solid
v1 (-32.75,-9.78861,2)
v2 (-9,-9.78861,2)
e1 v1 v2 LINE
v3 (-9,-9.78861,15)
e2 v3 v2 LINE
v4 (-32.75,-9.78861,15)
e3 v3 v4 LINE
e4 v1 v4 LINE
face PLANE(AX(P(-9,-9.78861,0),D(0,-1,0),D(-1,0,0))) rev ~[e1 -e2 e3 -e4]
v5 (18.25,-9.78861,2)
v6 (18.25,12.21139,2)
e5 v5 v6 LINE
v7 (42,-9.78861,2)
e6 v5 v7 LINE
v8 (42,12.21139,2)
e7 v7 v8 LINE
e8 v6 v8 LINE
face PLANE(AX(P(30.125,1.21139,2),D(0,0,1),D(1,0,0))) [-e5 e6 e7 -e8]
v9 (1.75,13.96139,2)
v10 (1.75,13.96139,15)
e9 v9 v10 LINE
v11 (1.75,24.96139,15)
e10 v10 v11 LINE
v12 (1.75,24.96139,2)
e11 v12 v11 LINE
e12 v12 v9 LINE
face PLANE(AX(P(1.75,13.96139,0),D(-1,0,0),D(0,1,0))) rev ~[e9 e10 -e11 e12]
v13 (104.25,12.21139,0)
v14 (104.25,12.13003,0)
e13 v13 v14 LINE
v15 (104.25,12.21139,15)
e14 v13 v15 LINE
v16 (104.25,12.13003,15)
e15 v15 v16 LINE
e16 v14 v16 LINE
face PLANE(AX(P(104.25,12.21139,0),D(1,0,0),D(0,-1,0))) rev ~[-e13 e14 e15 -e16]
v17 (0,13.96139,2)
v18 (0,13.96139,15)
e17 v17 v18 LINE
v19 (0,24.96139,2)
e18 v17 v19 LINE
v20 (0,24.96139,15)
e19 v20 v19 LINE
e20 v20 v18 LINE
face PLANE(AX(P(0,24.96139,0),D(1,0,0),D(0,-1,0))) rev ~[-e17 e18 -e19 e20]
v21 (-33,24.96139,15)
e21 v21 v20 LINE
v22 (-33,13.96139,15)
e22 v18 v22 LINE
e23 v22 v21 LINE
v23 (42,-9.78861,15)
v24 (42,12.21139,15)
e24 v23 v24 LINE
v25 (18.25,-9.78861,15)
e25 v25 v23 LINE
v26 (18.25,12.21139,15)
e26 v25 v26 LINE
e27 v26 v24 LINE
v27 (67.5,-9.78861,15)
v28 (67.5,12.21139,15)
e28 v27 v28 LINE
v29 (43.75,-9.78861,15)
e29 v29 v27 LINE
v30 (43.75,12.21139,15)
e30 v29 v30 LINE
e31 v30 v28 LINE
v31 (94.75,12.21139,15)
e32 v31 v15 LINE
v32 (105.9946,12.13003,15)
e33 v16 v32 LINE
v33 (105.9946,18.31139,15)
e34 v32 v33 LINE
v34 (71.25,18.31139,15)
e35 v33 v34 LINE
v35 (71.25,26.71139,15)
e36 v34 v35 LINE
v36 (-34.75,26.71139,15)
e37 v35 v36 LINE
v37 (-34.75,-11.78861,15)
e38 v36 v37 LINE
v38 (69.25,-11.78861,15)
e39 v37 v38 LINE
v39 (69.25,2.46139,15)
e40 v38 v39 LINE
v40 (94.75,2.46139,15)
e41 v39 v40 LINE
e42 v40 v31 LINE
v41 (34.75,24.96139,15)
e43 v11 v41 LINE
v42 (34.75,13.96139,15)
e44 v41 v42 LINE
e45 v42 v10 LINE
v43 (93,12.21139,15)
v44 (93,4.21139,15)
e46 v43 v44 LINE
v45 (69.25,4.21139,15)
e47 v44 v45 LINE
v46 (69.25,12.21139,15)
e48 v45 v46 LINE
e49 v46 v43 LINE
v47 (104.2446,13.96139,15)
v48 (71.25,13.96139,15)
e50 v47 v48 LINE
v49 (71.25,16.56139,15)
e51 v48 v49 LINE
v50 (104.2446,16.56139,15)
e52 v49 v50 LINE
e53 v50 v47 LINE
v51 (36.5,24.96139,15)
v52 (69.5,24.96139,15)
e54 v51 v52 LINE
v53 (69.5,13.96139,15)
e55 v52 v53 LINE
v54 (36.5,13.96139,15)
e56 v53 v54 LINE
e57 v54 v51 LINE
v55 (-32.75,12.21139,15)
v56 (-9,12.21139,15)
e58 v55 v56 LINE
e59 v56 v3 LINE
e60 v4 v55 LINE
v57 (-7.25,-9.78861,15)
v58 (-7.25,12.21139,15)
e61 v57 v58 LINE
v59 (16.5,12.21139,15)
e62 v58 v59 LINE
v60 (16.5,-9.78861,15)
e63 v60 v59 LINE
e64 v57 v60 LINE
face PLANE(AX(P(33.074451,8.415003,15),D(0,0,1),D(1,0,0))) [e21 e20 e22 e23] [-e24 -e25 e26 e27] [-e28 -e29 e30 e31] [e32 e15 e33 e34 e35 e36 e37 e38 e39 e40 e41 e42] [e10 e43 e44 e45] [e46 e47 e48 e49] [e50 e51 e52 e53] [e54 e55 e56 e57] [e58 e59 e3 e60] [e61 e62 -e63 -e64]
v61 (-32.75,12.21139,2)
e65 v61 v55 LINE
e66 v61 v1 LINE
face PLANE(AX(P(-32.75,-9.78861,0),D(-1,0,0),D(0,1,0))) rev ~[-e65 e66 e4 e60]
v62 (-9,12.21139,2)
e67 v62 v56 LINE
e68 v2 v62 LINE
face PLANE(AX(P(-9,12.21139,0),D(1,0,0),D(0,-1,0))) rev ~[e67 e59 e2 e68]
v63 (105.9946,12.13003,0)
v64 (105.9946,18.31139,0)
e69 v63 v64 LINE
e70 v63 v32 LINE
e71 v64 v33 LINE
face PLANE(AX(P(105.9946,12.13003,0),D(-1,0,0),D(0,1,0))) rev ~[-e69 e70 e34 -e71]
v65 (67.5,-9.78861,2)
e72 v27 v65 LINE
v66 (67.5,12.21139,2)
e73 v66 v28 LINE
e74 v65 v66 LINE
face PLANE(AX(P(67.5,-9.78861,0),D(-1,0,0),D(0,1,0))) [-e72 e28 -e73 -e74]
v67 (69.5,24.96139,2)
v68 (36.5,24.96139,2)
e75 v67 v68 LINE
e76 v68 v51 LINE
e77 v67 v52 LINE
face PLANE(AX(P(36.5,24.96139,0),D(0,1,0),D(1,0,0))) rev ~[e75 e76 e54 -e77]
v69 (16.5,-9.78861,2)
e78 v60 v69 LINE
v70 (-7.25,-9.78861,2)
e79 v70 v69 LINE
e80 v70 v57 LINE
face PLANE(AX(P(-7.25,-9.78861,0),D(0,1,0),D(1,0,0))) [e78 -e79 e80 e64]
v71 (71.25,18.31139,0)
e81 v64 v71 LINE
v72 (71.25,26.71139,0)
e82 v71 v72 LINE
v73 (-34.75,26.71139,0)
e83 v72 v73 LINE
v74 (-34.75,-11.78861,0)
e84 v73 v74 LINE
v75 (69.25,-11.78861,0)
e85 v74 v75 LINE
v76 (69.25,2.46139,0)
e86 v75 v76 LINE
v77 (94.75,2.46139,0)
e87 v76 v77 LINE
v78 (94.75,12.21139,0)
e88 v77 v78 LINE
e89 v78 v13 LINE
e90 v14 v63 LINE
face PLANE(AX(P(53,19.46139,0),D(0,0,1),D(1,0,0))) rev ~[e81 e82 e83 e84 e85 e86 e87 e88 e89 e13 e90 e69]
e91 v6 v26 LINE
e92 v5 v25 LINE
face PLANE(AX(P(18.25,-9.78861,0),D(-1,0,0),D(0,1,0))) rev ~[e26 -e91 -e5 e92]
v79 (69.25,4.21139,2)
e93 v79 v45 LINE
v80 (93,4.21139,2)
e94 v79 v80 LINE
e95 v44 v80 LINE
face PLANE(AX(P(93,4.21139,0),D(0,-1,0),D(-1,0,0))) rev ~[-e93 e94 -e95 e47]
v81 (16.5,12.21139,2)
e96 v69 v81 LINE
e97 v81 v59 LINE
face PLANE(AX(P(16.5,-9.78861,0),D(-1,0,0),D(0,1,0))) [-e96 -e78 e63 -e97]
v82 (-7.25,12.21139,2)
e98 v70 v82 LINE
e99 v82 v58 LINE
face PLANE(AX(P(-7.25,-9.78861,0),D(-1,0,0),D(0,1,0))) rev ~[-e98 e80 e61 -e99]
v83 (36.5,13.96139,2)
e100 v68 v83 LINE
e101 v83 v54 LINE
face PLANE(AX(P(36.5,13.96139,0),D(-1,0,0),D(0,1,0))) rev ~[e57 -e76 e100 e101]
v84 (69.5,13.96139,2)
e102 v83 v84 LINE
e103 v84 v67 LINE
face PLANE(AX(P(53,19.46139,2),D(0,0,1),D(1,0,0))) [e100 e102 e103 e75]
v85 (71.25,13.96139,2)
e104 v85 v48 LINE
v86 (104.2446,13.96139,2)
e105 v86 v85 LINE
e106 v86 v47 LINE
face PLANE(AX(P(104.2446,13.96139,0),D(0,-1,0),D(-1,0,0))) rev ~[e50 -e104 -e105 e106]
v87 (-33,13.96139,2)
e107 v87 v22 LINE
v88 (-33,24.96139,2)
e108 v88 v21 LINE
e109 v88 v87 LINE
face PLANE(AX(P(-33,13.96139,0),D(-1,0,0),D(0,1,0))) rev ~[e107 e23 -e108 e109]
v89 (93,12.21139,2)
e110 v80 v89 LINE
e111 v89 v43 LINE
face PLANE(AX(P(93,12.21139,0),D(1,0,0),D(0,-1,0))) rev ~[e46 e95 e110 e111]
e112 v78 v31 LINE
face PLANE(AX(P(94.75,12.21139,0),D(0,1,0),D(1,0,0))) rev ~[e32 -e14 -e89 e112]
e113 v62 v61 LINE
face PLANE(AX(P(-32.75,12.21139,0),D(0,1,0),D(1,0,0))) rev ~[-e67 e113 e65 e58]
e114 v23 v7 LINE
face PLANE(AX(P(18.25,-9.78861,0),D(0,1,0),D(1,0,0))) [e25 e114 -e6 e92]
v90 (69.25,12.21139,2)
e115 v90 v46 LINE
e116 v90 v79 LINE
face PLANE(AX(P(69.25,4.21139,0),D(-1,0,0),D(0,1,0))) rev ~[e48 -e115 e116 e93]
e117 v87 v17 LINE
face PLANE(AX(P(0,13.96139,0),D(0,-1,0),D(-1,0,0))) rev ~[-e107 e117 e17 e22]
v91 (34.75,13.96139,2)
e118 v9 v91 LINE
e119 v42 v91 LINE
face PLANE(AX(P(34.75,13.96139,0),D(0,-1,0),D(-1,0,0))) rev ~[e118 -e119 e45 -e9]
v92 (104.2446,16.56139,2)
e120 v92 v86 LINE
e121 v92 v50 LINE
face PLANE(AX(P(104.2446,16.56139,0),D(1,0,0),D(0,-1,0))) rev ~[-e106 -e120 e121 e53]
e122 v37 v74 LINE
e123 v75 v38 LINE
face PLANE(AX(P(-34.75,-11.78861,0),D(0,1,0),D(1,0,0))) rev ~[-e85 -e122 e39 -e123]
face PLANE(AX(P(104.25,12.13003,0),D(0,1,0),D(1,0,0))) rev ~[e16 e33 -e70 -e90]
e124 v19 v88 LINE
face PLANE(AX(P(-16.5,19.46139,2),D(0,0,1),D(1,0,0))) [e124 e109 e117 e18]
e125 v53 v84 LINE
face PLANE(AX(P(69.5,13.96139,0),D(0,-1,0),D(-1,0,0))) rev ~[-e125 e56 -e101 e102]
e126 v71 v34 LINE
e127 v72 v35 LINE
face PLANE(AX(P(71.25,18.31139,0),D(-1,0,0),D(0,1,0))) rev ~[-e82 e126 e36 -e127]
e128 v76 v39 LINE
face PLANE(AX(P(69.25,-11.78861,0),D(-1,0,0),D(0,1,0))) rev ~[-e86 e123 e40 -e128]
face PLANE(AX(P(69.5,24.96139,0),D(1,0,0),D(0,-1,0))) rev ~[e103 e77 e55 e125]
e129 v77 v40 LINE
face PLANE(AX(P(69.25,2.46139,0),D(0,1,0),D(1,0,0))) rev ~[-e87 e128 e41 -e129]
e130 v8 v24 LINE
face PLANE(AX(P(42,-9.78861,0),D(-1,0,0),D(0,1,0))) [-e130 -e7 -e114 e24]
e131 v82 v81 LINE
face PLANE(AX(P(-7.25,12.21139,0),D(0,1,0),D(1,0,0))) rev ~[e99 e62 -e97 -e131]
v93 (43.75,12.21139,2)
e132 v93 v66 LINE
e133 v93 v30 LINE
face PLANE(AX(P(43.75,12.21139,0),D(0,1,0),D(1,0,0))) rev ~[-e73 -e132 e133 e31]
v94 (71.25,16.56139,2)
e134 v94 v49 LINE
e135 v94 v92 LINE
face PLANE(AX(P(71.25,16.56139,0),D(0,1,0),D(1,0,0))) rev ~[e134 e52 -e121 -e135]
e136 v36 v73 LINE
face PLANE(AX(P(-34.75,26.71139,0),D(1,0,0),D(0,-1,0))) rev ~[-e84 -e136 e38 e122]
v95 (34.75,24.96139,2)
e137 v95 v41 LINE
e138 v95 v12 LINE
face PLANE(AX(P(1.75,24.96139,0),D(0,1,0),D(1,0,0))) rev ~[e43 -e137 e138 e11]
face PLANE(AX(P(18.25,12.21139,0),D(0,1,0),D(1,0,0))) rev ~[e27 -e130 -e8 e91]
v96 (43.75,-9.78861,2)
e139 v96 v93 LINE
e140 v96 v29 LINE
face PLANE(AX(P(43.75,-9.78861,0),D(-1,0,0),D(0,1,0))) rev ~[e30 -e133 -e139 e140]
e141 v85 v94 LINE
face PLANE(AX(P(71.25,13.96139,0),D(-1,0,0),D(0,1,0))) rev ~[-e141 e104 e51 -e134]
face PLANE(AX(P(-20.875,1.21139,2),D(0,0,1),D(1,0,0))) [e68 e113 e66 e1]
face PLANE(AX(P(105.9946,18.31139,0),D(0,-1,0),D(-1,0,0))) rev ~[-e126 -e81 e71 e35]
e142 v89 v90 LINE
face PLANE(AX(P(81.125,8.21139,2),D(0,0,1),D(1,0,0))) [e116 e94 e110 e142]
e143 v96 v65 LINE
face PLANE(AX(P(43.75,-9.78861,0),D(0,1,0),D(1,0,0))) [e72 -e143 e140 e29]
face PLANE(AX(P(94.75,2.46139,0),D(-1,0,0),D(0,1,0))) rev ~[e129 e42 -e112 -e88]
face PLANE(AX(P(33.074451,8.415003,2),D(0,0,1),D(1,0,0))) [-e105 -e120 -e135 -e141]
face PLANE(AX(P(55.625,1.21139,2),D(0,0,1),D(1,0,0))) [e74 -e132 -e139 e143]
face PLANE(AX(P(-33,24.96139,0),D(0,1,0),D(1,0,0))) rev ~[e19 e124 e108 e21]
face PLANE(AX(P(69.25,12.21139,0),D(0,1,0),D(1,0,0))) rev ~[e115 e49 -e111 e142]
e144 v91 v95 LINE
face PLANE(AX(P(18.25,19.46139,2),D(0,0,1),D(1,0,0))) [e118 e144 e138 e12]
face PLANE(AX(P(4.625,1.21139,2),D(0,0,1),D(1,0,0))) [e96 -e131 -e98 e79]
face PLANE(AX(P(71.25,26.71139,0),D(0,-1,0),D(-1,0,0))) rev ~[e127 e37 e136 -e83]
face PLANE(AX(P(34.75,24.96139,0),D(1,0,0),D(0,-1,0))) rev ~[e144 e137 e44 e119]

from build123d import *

# Parameters (mm, degrees)
F0_W     = 23.75
F0_H     = 22
F1_DEPTH = 15
F2_DEPTH = 2
F3_DEPTH = 2


with BuildPart() as f1:
    # F0 (on Top) → F1 (new body)
    with BuildSketch(Plane.XY):
        Polygon((-34.75, -9.78861), (-34.75, -11.78861), (69.25, -11.78861), (69.25, 2.46139), (94.75, 2.46139), (94.75, 12.21139), (104.25, 12.21139), (104.25, 12.13003), (105.9946, 12.13003), (105.9946, 18.31139), (104.25, 18.31139), (71.25, 18.31139), (71.25, 24.96139), (71.25, 26.71139), (-26.958708, 26.71139), (-34.75, 26.71139), (-34.75, 24.96139), (-34.75, 13.96139), (-34.75, 12.21139), align=None)
        Polygon((-32.75, -9.78861), (-32.75, 12.21139), (-19.336179, 12.21139), (-9, 12.21139), (-9, -9.78861), (-19.336179, -9.78861), align=None, mode=Mode.SUBTRACT)
        with Locations((4.625, 1.21139)):
            Rectangle(F0_W, F0_H, mode=Mode.SUBTRACT)
        with Locations((30.125, 1.21139)):
            Rectangle(F0_W, F0_H, mode=Mode.SUBTRACT)
        with Locations((55.625, 1.21139)):
            Rectangle(F0_W, F0_H, mode=Mode.SUBTRACT)
        Polygon((0, 13.96139), (-33, 13.96139), (-33, 24.96139), (-26.958708, 24.96139), (0, 24.96139), align=None, mode=Mode.SUBTRACT)
        Polygon((1.75, 13.96139), (1.75, 24.96139), (24.202205, 24.96139), (32.815558, 24.96139), (34.75, 24.96139), (34.75, 13.96139), (32.815558, 13.96139), (24.202205, 13.96139), align=None, mode=Mode.SUBTRACT)
        Polygon((69.25, 4.21139), (69.25, 12.21139), (87.25, 12.21139), (93, 12.21139), (93, 4.21139), align=None, mode=Mode.SUBTRACT)
        Polygon((102.25, 13.96139), (71.25, 13.96139), (71.25, 16.56139), (104.2446, 16.56139), (104.2446, 13.96139), align=None, mode=Mode.SUBTRACT)
        Polygon((36.5, 13.96139), (36.5, 24.96139), (69.5, 24.96139), (69.5, 18.31139), (69.5, 16.56139), (69.5, 13.96139), (69.25, 13.96139), (63.25, 13.96139), align=None, mode=Mode.SUBTRACT)
    extrude(amount=F1_DEPTH)

    # F0 (on Top) → F2 (join)
    with BuildSketch(Plane.XY):
        Polygon((-34.75, -9.78861), (-34.75, -11.78861), (69.25, -11.78861), (69.25, 2.46139), (94.75, 2.46139), (94.75, 12.21139), (104.25, 12.21139), (104.25, 12.13003), (105.9946, 12.13003), (105.9946, 18.31139), (104.25, 18.31139), (71.25, 18.31139), (71.25, 24.96139), (71.25, 26.71139), (-26.958708, 26.71139), (-34.75, 26.71139), (-34.75, 24.96139), (-34.75, 13.96139), (-34.75, 12.21139), align=None)
        Polygon((-32.75, -9.78861), (-32.75, 12.21139), (-19.336179, 12.21139), (-9, 12.21139), (-9, -9.78861), (-19.336179, -9.78861), align=None, mode=Mode.SUBTRACT)
        with Locations((4.625, 1.21139)):
            Rectangle(F0_W, F0_H, mode=Mode.SUBTRACT)
        with Locations((30.125, 1.21139)):
            Rectangle(F0_W, F0_H, mode=Mode.SUBTRACT)
        with Locations((55.625, 1.21139)):
            Rectangle(F0_W, F0_H, mode=Mode.SUBTRACT)
        Polygon((0, 13.96139), (-33, 13.96139), (-33, 24.96139), (-26.958708, 24.96139), (0, 24.96139), align=None, mode=Mode.SUBTRACT)
        Polygon((1.75, 13.96139), (1.75, 24.96139), (24.202205, 24.96139), (32.815558, 24.96139), (34.75, 24.96139), (34.75, 13.96139), (32.815558, 13.96139), (24.202205, 13.96139), align=None, mode=Mode.SUBTRACT)
        Polygon((69.25, 4.21139), (69.25, 12.21139), (87.25, 12.21139), (93, 12.21139), (93, 4.21139), align=None, mode=Mode.SUBTRACT)
        Polygon((102.25, 13.96139), (71.25, 13.96139), (71.25, 16.56139), (104.2446, 16.56139), (104.2446, 13.96139), align=None, mode=Mode.SUBTRACT)
        Polygon((36.5, 13.96139), (36.5, 24.96139), (69.5, 24.96139), (69.5, 18.31139), (69.5, 16.56139), (69.5, 13.96139), (69.25, 13.96139), (63.25, 13.96139), align=None, mode=Mode.SUBTRACT)
        Polygon((71.25, 16.56139), (71.25, 13.96139), (102.25, 13.96139), (104.2446, 13.96139), (104.2446, 16.56139), align=None)
    extrude(amount=F2_DEPTH)

    # F0 (on Top) → F3 (join)
    with BuildSketch(Plane.XY):
        Polygon((69.5, 24.96139), (36.5, 24.96139), (36.5, 13.96139), (63.25, 13.96139), (69.25, 13.96139), (69.5, 13.96139), (69.5, 16.56139), (69.5, 18.31139), align=None)
        with Locations((55.625, 1.21139)):
            Rectangle(F0_W, F0_H)
        Polygon((87.25, 12.21139), (69.25, 12.21139), (69.25, 4.21139), (93, 4.21139), (93, 12.21139), align=None)
        with Locations((30.125, 1.21139)):
            Rectangle(F0_W, F0_H)
        Polygon((24.202205, 24.96139), (1.75, 24.96139), (1.75, 13.96139), (24.202205, 13.96139), (32.815558, 13.96139), (34.75, 13.96139), (34.75, 24.96139), (32.815558, 24.96139), align=None)
        with Locations((4.625, 1.21139)):
            Rectangle(F0_W, F0_H)
        Polygon((-33, 24.96139), (-33, 13.96139), (0, 13.96139), (0, 24.96139), (-26.958708, 24.96139), align=None)
        Polygon((-19.336179, 12.21139), (-32.75, 12.21139), (-32.75, -9.78861), (-19.336179, -9.78861), (-9, -9.78861), (-9, 12.21139), align=None)
        Polygon((71.25, 16.56139), (71.25, 13.96139), (102.25, 13.96139), (104.2446, 13.96139), (104.2446, 16.56139), align=None)
    extrude(amount=F3_DEPTH)


solid = f1.part
